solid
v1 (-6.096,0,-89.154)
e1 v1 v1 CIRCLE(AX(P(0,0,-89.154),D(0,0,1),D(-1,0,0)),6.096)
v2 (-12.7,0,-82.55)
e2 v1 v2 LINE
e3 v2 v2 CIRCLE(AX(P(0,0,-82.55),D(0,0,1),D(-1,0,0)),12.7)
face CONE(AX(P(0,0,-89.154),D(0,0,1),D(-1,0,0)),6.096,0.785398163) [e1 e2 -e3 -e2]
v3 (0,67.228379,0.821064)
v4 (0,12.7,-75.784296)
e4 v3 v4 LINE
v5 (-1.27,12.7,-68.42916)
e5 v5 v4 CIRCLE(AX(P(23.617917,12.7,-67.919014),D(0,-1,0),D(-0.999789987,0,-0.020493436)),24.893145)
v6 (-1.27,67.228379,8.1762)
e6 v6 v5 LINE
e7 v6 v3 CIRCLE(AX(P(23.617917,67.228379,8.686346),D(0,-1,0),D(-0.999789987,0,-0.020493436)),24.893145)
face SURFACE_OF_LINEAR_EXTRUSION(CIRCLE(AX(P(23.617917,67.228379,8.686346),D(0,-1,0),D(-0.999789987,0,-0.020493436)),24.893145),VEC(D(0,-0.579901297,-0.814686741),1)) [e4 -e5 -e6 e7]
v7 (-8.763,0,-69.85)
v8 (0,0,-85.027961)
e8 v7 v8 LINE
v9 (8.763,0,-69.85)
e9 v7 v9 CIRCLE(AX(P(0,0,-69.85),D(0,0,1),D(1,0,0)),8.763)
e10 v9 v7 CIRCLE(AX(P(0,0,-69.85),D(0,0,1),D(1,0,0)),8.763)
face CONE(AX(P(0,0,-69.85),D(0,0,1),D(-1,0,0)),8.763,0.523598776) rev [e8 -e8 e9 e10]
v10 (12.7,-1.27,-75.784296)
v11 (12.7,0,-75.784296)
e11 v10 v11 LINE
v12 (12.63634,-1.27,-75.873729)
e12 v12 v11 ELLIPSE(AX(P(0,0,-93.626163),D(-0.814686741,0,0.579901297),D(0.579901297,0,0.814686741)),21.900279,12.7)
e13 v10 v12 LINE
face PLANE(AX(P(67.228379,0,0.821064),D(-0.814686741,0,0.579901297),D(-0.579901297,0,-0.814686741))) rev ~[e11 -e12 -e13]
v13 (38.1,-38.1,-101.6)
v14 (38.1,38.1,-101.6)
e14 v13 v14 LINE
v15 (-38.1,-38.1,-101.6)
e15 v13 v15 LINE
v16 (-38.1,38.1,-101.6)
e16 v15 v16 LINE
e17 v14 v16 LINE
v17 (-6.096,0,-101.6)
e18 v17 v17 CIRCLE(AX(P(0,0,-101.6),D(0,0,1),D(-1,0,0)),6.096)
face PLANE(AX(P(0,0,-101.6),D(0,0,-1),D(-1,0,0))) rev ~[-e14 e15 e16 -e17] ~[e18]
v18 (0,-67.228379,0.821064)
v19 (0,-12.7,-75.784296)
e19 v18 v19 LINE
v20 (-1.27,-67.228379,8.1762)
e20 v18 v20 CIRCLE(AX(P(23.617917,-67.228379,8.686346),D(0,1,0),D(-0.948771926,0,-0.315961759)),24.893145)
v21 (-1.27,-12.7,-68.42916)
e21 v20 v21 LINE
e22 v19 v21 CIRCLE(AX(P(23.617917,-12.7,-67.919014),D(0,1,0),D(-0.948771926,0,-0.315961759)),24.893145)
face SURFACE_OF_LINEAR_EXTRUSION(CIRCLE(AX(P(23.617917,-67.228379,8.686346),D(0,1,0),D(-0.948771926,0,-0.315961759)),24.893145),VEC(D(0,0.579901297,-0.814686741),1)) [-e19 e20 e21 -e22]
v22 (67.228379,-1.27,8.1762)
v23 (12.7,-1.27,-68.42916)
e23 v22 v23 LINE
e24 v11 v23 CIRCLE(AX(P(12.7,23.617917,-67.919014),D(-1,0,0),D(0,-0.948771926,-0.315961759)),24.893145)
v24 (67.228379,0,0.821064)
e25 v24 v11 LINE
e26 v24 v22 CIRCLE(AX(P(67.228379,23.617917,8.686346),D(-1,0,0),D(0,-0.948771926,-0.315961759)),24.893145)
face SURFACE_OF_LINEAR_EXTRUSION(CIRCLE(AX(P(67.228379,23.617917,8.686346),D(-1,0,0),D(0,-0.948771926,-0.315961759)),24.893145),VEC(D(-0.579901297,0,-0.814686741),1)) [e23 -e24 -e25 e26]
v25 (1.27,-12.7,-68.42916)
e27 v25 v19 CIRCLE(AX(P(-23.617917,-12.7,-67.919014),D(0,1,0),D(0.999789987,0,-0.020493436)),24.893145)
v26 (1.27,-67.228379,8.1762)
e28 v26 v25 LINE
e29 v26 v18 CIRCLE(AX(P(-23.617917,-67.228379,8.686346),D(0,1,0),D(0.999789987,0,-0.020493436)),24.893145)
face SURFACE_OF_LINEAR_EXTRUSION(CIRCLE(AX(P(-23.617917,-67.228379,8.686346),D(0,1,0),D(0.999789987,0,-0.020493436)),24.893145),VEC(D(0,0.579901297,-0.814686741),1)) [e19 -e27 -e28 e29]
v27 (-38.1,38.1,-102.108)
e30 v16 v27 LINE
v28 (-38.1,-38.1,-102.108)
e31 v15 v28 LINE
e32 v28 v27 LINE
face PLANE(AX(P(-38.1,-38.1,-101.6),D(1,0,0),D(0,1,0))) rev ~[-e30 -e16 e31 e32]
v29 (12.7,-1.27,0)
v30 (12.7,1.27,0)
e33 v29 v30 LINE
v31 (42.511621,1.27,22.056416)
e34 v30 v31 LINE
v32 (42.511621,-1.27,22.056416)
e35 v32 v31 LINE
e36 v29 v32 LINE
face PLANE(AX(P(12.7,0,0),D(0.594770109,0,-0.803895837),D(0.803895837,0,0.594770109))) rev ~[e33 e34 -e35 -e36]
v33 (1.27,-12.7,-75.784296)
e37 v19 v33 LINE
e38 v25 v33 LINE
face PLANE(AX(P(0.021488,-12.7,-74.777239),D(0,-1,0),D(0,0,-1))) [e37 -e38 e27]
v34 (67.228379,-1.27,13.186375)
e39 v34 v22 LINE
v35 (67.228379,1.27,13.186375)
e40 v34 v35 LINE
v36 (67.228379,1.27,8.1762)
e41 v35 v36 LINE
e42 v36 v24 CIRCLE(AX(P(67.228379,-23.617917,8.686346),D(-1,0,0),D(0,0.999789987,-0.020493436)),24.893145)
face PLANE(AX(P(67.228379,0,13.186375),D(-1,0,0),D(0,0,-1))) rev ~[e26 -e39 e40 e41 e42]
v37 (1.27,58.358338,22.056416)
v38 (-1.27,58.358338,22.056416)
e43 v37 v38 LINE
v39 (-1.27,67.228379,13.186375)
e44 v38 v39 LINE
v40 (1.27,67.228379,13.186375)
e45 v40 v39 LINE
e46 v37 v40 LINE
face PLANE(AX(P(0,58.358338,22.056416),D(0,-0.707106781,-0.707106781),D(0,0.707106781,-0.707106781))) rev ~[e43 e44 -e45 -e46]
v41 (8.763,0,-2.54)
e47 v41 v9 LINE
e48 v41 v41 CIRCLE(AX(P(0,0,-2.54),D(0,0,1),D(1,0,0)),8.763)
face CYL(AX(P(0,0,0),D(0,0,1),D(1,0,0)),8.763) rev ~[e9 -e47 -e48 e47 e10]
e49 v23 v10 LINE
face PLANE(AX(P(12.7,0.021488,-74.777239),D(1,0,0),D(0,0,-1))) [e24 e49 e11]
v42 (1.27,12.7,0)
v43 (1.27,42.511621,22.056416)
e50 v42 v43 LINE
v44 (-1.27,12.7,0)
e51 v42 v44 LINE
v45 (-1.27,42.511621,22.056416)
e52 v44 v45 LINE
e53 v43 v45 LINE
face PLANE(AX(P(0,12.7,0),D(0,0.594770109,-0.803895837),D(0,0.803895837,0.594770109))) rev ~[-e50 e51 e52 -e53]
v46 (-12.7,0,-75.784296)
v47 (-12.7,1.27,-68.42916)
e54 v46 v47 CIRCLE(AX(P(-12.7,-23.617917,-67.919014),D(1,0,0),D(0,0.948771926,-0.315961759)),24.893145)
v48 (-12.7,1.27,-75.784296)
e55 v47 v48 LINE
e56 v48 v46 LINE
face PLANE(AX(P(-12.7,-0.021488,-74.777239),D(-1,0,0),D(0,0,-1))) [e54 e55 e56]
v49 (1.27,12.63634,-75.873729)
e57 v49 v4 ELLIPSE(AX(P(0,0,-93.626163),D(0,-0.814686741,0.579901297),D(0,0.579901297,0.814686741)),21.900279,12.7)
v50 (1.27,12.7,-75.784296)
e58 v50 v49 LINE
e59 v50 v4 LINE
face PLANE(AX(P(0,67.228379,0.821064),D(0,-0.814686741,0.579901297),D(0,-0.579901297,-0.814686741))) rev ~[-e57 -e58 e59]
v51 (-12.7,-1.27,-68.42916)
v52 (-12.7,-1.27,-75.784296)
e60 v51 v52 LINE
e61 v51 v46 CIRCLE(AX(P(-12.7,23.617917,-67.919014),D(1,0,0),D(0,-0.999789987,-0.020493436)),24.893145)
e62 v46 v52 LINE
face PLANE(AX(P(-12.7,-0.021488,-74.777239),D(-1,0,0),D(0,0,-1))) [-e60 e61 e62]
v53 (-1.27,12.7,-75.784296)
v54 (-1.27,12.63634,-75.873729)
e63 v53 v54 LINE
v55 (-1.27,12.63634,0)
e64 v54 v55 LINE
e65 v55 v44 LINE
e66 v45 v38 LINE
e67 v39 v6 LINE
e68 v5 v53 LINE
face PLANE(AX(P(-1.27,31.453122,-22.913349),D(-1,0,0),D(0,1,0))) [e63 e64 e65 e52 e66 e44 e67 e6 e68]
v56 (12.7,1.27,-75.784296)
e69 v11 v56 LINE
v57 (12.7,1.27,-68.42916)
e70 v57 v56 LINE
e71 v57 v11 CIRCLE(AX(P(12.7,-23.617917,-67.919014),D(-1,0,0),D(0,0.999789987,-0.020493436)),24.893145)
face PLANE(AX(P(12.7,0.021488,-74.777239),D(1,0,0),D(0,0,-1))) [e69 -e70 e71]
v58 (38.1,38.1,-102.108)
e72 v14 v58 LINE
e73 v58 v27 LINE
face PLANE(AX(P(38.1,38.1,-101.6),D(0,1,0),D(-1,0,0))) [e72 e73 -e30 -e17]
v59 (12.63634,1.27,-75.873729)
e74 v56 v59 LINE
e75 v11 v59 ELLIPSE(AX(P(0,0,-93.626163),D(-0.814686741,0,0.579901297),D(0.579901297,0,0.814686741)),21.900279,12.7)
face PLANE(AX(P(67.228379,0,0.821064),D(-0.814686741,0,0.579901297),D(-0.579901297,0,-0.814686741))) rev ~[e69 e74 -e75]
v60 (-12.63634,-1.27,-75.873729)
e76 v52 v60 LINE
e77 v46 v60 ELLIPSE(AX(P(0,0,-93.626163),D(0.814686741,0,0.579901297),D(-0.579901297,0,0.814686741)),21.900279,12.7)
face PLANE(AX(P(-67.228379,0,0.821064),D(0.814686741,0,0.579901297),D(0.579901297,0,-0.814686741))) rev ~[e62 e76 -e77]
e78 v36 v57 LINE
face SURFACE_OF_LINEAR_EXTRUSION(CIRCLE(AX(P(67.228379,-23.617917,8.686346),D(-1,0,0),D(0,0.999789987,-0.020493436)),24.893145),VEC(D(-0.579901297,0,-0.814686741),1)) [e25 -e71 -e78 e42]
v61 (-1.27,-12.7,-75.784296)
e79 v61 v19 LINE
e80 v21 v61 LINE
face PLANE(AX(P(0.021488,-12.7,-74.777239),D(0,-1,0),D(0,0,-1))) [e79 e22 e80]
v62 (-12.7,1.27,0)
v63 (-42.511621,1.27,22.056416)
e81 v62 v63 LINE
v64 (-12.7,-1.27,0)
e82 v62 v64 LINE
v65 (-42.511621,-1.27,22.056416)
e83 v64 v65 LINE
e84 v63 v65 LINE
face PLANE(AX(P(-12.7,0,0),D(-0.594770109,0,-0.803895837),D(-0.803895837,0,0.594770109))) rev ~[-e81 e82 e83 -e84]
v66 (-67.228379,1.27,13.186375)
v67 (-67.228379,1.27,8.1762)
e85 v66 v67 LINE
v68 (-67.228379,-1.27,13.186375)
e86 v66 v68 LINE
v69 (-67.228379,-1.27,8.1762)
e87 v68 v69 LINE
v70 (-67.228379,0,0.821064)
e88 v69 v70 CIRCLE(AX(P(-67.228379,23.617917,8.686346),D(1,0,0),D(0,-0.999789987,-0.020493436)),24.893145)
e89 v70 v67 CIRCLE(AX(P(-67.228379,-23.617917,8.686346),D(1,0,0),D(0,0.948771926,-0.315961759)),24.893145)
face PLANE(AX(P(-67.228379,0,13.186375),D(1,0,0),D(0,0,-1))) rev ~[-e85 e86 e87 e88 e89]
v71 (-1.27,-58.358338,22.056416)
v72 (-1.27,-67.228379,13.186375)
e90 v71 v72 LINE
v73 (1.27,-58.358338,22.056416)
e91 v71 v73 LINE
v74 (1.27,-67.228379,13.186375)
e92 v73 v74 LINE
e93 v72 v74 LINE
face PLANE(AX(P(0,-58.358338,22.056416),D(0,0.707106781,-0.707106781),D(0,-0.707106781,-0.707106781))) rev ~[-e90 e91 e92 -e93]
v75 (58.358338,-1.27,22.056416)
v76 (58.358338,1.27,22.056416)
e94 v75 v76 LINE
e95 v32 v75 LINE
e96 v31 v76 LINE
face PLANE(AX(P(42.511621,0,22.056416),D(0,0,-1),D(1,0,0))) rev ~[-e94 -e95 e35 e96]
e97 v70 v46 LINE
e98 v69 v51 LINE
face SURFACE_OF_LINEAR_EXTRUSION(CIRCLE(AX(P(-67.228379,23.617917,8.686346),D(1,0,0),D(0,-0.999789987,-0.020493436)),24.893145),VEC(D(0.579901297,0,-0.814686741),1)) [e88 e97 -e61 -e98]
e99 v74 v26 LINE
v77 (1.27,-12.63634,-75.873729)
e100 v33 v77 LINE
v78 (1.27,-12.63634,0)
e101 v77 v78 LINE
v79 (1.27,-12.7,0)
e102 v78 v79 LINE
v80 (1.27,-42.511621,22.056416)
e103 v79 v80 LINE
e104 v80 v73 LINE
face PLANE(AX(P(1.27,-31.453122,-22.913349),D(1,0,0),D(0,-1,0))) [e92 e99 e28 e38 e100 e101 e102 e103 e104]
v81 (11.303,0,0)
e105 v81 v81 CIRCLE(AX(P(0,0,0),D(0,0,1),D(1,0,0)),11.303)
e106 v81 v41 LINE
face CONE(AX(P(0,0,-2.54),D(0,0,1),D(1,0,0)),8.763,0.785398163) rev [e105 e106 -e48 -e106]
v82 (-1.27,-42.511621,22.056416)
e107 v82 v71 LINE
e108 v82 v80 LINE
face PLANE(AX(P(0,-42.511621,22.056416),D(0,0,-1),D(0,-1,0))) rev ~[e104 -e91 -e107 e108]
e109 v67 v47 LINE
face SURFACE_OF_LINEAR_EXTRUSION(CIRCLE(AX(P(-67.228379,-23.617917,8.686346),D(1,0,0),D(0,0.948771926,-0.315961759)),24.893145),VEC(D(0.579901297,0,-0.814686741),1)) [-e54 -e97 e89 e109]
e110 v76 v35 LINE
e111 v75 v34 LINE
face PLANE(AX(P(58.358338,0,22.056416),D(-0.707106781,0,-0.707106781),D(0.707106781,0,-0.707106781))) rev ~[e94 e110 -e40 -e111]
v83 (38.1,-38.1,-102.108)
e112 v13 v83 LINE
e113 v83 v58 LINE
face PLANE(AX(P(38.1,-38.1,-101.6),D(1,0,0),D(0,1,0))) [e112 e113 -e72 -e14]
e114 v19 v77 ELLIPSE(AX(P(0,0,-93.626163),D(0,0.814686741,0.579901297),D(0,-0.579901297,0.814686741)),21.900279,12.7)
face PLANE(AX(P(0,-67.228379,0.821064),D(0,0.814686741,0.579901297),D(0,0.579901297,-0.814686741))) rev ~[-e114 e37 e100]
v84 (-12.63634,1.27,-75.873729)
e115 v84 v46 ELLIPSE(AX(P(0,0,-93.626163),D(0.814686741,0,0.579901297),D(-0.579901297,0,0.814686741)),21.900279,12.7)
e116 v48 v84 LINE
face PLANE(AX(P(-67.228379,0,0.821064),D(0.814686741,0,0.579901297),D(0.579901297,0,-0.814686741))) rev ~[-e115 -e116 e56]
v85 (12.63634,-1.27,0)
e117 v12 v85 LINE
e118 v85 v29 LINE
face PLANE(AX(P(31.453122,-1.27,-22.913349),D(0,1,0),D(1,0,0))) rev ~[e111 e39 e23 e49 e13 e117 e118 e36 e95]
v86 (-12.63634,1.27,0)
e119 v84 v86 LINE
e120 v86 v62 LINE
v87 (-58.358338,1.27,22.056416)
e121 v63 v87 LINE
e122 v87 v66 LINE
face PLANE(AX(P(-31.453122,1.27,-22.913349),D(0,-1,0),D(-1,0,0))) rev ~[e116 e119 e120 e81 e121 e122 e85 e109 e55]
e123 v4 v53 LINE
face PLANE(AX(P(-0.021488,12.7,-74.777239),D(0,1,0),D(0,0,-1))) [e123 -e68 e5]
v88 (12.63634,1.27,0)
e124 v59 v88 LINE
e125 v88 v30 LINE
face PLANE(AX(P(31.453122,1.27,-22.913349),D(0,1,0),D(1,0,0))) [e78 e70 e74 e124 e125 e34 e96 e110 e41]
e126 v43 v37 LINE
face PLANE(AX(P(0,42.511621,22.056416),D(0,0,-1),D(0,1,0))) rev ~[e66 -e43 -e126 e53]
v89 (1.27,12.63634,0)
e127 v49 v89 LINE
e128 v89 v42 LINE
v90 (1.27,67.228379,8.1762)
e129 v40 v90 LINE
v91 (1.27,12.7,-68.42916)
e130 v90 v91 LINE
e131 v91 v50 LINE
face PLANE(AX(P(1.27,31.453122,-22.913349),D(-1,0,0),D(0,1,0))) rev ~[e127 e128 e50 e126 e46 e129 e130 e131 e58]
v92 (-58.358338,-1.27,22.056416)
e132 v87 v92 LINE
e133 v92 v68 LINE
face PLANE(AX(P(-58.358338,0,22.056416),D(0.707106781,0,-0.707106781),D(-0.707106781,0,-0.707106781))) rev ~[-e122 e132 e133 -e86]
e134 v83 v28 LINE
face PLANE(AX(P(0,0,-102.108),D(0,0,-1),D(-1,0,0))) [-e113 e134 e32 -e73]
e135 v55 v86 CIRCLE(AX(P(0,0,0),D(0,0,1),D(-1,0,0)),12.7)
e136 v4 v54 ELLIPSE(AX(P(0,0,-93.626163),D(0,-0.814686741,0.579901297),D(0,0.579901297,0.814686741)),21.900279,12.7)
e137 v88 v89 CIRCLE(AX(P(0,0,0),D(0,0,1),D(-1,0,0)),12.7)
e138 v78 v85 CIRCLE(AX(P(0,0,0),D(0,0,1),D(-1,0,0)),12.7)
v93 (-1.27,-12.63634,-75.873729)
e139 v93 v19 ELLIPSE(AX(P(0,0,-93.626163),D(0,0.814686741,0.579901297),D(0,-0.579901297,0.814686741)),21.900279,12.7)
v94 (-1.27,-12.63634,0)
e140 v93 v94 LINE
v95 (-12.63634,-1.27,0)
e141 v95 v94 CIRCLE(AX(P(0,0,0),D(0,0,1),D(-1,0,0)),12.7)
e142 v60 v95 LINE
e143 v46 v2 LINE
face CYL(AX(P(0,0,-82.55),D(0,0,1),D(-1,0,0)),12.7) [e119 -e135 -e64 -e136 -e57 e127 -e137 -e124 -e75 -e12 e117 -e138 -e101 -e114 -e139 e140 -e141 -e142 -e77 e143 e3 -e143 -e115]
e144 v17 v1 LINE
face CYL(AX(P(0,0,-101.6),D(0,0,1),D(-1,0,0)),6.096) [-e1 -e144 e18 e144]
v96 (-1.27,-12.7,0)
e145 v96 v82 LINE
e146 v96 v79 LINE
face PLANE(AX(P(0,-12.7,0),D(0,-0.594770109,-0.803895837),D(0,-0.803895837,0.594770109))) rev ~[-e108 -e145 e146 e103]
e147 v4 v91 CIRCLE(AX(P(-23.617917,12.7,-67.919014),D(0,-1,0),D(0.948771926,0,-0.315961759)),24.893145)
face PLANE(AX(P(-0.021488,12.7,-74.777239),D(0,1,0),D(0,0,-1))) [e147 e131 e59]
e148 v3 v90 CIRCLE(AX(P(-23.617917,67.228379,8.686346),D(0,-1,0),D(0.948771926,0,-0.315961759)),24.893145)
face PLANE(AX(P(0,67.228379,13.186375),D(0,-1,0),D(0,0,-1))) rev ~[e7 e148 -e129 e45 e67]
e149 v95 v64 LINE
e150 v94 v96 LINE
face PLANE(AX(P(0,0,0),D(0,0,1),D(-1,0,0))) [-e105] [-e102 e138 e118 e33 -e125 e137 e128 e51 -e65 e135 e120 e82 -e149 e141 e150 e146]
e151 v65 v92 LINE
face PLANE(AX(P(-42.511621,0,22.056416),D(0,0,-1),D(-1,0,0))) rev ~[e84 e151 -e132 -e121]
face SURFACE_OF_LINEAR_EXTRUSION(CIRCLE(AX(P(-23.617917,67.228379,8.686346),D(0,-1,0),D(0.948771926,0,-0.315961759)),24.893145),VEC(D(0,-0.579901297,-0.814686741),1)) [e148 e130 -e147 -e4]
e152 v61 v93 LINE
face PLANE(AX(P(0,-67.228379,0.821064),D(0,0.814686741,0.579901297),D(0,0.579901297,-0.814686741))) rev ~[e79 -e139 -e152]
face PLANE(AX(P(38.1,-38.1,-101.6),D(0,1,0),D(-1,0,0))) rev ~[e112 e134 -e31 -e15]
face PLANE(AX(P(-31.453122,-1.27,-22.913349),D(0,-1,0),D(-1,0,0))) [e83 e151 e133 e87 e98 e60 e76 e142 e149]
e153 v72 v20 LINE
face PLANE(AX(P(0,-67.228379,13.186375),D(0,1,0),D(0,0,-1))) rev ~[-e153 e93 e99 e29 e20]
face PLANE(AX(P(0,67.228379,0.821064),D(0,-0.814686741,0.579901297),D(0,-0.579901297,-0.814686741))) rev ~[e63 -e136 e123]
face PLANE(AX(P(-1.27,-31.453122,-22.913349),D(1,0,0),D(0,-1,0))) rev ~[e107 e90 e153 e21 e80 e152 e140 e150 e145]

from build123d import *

# Parameters (mm, degrees)
SKETCH2_R           = 8.763
CUT_EXTRUDE1_DEPTH  = 69.85
BOSS_EXTRUDE1_DEPTH = 1.27
CIRPATTERN1_COUNT   = 4
CHAMFER1_SIZE       = 2.54
SKETCH10_W          = 76.2
SKETCH10_H          = 76.2
BOSS_EXTRUDE4_DEPTH = 0.508


with BuildPart() as part:
    # Sketch1 → Revolve1 (revolve)
    with BuildSketch(Plane(origin=(0, 0, 0), x_dir=(1, 0, 0), z_dir=(0, 1, 0))):
        Polygon((0, 101.6), (-6.096, 101.6), (-6.096, 89.154), (-12.7, 82.55), (-12.7, 0), (0, 0), align=None)
    revolve(axis=Axis((0, 0, -101.6), (0, 0, 1)))

    # Sketch2 → Cut-Extrude1 (cut)
    with BuildSketch(Plane.XY):
        Circle(SKETCH2_R)
    extrude(amount=-CUT_EXTRUDE1_DEPTH, mode=Mode.SUBTRACT)

    # Sketch3 → Boss-Extrude1 (add, symmetric)
    with BuildSketch(Plane(origin=(0, 0, 0), x_dir=(1, 0, 0), z_dir=(0, 1, 0))):
        Polygon((-10.365704675, 0), (-12.7, 0), (-42.511621146, -22.056416192), (-58.358338046, -22.056416192), (-67.228379248, -13.18637499), (-67.228379248, -0.821064085), (-10.365704675, 79.063680635), align=None)
    boss_extrude1 = extrude(amount=BOSS_EXTRUDE1_DEPTH, both=True)

    # Cut-Sweep1: sweep along a path in Sketch4
    with BuildLine(Plane(origin=(-44.232547401, 0, -31.485122188), x_dir=(-0.579901297, 0, 0.814686741), z_dir=(-0.814686741, 0, -0.579901297))) as cut_sweep1_path:
        Line((39.654734318, 0), (-54.375714603, 0))
    # Sketch5 → Cut-Sweep1 (sweep, cut)
    with BuildSketch(Plane.ZY.offset(67.228379248)):
        with BuildLine():
            Line((8.176199828, -4.186863215), (8.176199828, -1.27))
            ThreePointArc((8.176199828, -1.27), (4.450761752, -0.912237677), (0.821064085, 0))
            ThreePointArc((0.821064085, 0), (4.450761752, 0.912237677), (8.176199828, 1.27))
            Line((8.176199828, 1.27), (8.176199828, 4.131781822))
            Line((8.176199828, 4.131781822), (-5.582166947, 4.131781822))
            Line((-5.582166947, 4.131781822), (-5.582166947, -4.186863215))
            Line((-5.582166947, -4.186863215), (8.176199828, -4.186863215))
        make_face()
    cut_sweep1 = sweep(path=cut_sweep1_path.line, mode=Mode.SUBTRACT)

    # CirPattern1: Boss-Extrude1, Cut-Sweep1 ×4 about axis
    cirpattern1_axis = Axis((0, 0, 38.786024747), (0, 0, -1))
    add([boss_extrude1.rotate(cirpattern1_axis, i * 360 / CIRPATTERN1_COUNT) for i in range(1, CIRPATTERN1_COUNT)])
    add([cut_sweep1.rotate(cirpattern1_axis, i * 360 / CIRPATTERN1_COUNT) for i in range(1, CIRPATTERN1_COUNT)], mode=Mode.SUBTRACT)

    # Sketch6 → Cut-Revolve1 (revolve, cut)
    with BuildSketch(Plane(origin=(0, 0, 0), x_dir=(1, 0, 0), z_dir=(0, 1, 0))):
        Polygon((-8.763, 69.85), (0, 85.027961227), (0, 69.85), align=None)
    revolve(axis=Axis((0, 0, -85.027961227), (0, 0, 1)), mode=Mode.SUBTRACT)

    # Chamfer1
    chamfer1_edges = [part.edges().sort_by_distance(p)[0] for p in [
        (-8.763, 0, 0),
    ]]
    chamfer(chamfer1_edges, length=CHAMFER1_SIZE)

    # Sketch10 → Boss-Extrude4 (add)
    with BuildSketch(Plane(origin=(0, 0, -101.6), x_dir=(-1, 0, 0), z_dir=(0, 0, -1))):
        Rectangle(SKETCH10_W, SKETCH10_H)
    extrude(amount=BOSS_EXTRUDE4_DEPTH)


solid = part.part
